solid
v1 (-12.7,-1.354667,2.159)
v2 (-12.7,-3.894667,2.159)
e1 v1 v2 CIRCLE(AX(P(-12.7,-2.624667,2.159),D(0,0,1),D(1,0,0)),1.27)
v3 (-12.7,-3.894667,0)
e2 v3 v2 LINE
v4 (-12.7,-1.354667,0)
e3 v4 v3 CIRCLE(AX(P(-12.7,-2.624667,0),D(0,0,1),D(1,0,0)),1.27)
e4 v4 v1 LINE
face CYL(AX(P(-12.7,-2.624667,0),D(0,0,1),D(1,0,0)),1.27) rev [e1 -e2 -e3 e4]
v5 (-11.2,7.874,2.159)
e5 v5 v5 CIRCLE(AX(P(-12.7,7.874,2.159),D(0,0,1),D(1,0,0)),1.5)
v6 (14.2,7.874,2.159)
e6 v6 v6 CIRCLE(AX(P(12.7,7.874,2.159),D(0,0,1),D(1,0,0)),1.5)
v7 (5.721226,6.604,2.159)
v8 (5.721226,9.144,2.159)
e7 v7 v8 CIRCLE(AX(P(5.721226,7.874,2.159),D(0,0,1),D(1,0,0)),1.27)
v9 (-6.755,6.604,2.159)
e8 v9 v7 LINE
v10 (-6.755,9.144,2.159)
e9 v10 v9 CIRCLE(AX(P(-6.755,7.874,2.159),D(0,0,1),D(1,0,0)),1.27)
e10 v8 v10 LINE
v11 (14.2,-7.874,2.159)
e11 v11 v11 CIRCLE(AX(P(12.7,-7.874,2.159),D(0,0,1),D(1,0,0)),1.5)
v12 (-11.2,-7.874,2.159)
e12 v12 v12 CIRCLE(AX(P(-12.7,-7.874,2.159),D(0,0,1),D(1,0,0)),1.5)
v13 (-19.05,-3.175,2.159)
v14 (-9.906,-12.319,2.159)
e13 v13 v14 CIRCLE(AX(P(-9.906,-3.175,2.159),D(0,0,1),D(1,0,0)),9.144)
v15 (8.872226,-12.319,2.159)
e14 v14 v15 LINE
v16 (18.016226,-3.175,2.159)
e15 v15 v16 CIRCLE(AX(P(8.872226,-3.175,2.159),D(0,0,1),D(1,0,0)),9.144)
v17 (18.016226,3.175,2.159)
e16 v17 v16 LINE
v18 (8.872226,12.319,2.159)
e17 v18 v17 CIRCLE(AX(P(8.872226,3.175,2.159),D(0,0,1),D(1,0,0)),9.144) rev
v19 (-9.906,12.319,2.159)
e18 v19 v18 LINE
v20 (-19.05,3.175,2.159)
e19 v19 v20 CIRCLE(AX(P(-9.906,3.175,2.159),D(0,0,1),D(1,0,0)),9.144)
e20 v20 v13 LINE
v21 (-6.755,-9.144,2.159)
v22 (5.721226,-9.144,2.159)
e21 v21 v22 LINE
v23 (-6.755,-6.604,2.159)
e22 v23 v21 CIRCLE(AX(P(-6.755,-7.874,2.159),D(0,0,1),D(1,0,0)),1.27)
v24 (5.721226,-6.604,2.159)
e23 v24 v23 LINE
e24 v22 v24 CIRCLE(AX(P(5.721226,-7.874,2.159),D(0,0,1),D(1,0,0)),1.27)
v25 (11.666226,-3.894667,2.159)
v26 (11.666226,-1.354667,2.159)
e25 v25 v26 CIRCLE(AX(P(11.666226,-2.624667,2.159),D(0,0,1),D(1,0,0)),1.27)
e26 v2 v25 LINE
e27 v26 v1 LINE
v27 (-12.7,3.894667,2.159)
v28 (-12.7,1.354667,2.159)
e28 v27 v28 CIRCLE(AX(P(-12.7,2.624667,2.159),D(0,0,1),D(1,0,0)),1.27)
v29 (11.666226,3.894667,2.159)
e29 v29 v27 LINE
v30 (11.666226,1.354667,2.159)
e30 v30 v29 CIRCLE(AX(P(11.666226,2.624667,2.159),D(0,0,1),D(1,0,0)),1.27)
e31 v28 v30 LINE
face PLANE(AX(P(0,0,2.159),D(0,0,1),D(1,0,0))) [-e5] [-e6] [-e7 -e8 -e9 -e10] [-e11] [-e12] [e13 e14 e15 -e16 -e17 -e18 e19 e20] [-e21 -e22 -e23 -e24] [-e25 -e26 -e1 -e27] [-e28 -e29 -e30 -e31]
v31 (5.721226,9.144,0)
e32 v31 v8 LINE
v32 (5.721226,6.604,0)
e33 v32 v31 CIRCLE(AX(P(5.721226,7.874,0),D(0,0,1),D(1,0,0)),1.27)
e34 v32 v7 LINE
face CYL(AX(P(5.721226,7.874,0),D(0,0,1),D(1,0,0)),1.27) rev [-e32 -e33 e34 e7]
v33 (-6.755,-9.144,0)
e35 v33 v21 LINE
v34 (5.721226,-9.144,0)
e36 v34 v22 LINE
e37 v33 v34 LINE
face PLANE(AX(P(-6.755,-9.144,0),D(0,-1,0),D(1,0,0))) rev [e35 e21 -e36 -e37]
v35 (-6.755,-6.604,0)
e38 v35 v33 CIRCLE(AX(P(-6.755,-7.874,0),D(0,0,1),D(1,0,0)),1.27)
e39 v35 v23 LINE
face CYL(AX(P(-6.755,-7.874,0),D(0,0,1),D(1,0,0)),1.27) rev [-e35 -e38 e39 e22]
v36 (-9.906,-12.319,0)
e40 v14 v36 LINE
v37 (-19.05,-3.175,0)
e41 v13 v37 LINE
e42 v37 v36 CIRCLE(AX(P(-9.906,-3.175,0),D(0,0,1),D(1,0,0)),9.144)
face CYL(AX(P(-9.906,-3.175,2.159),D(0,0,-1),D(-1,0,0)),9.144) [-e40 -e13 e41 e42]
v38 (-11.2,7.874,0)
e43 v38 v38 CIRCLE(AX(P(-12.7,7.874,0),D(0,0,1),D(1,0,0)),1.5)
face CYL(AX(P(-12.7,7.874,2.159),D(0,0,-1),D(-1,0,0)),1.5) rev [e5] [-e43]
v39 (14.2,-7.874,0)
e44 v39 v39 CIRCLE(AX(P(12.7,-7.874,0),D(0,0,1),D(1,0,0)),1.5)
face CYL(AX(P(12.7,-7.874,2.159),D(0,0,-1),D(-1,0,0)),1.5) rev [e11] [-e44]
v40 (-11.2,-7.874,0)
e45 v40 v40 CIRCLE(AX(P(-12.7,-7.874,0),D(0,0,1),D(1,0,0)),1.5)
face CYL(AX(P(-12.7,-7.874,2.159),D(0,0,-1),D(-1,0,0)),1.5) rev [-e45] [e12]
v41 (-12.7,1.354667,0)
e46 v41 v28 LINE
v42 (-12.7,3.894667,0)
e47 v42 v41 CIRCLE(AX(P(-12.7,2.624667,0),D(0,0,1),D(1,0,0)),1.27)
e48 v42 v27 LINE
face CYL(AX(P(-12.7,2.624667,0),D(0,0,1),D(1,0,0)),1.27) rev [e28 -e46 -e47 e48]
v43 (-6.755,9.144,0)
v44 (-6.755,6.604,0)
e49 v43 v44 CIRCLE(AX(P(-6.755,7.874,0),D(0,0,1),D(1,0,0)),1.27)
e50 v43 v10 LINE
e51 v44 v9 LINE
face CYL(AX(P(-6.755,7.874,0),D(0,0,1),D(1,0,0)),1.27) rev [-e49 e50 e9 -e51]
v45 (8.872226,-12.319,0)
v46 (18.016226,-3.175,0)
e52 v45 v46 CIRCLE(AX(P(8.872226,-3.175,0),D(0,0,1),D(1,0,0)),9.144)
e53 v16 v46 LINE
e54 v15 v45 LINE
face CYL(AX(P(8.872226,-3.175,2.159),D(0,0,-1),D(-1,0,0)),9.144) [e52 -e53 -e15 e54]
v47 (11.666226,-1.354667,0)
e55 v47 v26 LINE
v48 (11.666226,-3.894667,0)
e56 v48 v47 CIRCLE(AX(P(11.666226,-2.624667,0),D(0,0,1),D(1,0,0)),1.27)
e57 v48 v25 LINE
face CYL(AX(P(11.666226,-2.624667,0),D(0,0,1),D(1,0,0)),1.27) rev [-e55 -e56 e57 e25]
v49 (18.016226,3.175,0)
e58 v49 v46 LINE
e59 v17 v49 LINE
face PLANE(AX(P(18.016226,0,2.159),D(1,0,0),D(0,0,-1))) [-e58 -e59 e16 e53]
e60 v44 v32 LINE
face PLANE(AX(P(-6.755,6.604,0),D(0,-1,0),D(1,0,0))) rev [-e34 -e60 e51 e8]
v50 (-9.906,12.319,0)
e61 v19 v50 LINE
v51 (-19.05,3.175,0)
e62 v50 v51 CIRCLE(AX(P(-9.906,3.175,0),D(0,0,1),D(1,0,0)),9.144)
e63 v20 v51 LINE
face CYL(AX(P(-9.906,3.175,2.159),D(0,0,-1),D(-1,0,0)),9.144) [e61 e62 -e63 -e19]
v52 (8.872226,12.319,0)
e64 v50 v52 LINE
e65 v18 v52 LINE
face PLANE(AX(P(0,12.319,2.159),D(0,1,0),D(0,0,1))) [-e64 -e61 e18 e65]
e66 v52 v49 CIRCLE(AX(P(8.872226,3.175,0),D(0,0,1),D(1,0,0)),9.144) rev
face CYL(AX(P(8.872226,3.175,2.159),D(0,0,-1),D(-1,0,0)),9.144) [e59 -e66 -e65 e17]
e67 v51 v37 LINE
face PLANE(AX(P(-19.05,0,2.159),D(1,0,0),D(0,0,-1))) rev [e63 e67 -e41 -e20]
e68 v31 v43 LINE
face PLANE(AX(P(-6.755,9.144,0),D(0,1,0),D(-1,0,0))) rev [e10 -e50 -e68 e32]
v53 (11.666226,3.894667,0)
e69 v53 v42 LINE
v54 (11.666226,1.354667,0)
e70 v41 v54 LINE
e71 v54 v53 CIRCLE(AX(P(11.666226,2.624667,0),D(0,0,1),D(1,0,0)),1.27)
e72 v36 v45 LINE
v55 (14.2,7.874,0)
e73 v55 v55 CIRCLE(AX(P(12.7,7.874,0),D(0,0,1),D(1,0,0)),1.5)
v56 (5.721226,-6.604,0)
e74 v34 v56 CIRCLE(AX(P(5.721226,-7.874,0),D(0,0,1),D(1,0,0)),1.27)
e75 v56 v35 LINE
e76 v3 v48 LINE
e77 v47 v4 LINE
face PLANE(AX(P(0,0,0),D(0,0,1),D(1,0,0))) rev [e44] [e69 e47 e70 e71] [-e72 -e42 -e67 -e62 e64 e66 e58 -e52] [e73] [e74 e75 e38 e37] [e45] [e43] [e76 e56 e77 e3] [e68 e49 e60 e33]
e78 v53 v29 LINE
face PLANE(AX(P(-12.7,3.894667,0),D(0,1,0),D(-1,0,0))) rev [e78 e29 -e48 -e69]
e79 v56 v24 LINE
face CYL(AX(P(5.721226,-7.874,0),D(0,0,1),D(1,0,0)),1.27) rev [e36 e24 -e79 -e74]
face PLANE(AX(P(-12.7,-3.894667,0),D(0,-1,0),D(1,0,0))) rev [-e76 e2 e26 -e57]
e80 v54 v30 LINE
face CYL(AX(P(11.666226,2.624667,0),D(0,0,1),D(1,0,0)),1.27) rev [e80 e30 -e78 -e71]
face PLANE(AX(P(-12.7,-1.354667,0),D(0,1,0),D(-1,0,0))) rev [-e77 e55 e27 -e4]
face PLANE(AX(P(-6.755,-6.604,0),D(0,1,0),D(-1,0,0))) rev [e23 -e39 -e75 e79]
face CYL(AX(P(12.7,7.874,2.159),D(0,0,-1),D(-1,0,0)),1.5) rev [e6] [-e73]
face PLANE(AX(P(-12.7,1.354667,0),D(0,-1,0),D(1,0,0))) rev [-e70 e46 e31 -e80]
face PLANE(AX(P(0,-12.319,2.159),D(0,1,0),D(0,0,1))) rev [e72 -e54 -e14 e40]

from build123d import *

# Parameters (mm, degrees)
SKETCH1_R           = 1.5
BOSS_EXTRUDE1_DEPTH = 2.159
CUT_EXTRUDE1_DEPTH  = 3.159


with BuildPart() as part:
    # Sketch1 → Boss-Extrude1 (new body)
    with BuildSketch(Plane.XY):
        with BuildLine():
            Line((-9.906, 12.319), (8.872225801, 12.319))
            ThreePointArc((8.872225801, 12.319), (15.338010208, 9.640784407), (18.016225801, 3.175))
            Line((18.016225801, 3.175), (18.016225801, -3.175))
            ThreePointArc((18.016225801, -3.175), (15.338010208, -9.640784407), (8.872225801, -12.319))
            Line((8.872225801, -12.319), (-9.906, -12.319))
            ThreePointArc((-9.906, -12.319), (-16.371784407, -9.640784407), (-19.05, -3.175))
            Line((-19.05, -3.175), (-19.05, 3.175))
            ThreePointArc((-19.05, 3.175), (-16.371784407, 9.640784407), (-9.906, 12.319))
        make_face()
        with Locations((-12.7, 7.874)):
            Circle(SKETCH1_R, mode=Mode.SUBTRACT)
        with Locations((-12.7, -7.874)):
            Circle(SKETCH1_R, mode=Mode.SUBTRACT)
        with Locations((12.7, 7.874)):
            Circle(SKETCH1_R, mode=Mode.SUBTRACT)
        with Locations((12.7, -7.874)):
            Circle(SKETCH1_R, mode=Mode.SUBTRACT)
    extrude(amount=BOSS_EXTRUDE1_DEPTH)

    # Sketch4 → Cut-Extrude1 (cut, through all)
    with BuildSketch(Plane.XY.offset(2.159)):
        with BuildLine():
            Line((-6.755, 9.144), (5.721225801, 9.144))
            ThreePointArc((5.721225801, 9.144), (6.991225801, 7.874), (5.721225801, 6.604))
            Line((5.721225801, 6.604), (-6.755, 6.604))
            ThreePointArc((-6.755, 6.604), (-8.025, 7.874), (-6.755, 9.144))
        make_face()
        with BuildLine():
            Line((-12.7, 3.894666667), (11.666225801, 3.894666667))
            ThreePointArc((11.666225801, 3.894666667), (12.936225801, 2.624666667), (11.666225801, 1.354666667))
            Line((11.666225801, 1.354666667), (-12.7, 1.354666667))
            ThreePointArc((-12.7, 1.354666667), (-13.97, 2.624666667), (-12.7, 3.894666667))
        make_face()
        with BuildLine():
            Line((-12.7, -1.354666667), (11.666225801, -1.354666667))
            ThreePointArc((11.666225801, -1.354666667), (12.936225801, -2.624666667), (11.666225801, -3.894666667))
            Line((11.666225801, -3.894666667), (-12.7, -3.894666667))
            ThreePointArc((-12.7, -3.894666667), (-13.97, -2.624666667), (-12.7, -1.354666667))
        make_face()
        with BuildLine():
            Line((-6.755, -6.604), (5.721225801, -6.604))
            ThreePointArc((5.721225801, -6.604), (6.991225801, -7.874), (5.721225801, -9.144))
            Line((5.721225801, -9.144), (-6.755, -9.144))
            ThreePointArc((-6.755, -9.144), (-8.025, -7.874), (-6.755, -6.604))
        make_face()
    extrude(amount=-CUT_EXTRUDE1_DEPTH, mode=Mode.SUBTRACT)


solid = part.part
